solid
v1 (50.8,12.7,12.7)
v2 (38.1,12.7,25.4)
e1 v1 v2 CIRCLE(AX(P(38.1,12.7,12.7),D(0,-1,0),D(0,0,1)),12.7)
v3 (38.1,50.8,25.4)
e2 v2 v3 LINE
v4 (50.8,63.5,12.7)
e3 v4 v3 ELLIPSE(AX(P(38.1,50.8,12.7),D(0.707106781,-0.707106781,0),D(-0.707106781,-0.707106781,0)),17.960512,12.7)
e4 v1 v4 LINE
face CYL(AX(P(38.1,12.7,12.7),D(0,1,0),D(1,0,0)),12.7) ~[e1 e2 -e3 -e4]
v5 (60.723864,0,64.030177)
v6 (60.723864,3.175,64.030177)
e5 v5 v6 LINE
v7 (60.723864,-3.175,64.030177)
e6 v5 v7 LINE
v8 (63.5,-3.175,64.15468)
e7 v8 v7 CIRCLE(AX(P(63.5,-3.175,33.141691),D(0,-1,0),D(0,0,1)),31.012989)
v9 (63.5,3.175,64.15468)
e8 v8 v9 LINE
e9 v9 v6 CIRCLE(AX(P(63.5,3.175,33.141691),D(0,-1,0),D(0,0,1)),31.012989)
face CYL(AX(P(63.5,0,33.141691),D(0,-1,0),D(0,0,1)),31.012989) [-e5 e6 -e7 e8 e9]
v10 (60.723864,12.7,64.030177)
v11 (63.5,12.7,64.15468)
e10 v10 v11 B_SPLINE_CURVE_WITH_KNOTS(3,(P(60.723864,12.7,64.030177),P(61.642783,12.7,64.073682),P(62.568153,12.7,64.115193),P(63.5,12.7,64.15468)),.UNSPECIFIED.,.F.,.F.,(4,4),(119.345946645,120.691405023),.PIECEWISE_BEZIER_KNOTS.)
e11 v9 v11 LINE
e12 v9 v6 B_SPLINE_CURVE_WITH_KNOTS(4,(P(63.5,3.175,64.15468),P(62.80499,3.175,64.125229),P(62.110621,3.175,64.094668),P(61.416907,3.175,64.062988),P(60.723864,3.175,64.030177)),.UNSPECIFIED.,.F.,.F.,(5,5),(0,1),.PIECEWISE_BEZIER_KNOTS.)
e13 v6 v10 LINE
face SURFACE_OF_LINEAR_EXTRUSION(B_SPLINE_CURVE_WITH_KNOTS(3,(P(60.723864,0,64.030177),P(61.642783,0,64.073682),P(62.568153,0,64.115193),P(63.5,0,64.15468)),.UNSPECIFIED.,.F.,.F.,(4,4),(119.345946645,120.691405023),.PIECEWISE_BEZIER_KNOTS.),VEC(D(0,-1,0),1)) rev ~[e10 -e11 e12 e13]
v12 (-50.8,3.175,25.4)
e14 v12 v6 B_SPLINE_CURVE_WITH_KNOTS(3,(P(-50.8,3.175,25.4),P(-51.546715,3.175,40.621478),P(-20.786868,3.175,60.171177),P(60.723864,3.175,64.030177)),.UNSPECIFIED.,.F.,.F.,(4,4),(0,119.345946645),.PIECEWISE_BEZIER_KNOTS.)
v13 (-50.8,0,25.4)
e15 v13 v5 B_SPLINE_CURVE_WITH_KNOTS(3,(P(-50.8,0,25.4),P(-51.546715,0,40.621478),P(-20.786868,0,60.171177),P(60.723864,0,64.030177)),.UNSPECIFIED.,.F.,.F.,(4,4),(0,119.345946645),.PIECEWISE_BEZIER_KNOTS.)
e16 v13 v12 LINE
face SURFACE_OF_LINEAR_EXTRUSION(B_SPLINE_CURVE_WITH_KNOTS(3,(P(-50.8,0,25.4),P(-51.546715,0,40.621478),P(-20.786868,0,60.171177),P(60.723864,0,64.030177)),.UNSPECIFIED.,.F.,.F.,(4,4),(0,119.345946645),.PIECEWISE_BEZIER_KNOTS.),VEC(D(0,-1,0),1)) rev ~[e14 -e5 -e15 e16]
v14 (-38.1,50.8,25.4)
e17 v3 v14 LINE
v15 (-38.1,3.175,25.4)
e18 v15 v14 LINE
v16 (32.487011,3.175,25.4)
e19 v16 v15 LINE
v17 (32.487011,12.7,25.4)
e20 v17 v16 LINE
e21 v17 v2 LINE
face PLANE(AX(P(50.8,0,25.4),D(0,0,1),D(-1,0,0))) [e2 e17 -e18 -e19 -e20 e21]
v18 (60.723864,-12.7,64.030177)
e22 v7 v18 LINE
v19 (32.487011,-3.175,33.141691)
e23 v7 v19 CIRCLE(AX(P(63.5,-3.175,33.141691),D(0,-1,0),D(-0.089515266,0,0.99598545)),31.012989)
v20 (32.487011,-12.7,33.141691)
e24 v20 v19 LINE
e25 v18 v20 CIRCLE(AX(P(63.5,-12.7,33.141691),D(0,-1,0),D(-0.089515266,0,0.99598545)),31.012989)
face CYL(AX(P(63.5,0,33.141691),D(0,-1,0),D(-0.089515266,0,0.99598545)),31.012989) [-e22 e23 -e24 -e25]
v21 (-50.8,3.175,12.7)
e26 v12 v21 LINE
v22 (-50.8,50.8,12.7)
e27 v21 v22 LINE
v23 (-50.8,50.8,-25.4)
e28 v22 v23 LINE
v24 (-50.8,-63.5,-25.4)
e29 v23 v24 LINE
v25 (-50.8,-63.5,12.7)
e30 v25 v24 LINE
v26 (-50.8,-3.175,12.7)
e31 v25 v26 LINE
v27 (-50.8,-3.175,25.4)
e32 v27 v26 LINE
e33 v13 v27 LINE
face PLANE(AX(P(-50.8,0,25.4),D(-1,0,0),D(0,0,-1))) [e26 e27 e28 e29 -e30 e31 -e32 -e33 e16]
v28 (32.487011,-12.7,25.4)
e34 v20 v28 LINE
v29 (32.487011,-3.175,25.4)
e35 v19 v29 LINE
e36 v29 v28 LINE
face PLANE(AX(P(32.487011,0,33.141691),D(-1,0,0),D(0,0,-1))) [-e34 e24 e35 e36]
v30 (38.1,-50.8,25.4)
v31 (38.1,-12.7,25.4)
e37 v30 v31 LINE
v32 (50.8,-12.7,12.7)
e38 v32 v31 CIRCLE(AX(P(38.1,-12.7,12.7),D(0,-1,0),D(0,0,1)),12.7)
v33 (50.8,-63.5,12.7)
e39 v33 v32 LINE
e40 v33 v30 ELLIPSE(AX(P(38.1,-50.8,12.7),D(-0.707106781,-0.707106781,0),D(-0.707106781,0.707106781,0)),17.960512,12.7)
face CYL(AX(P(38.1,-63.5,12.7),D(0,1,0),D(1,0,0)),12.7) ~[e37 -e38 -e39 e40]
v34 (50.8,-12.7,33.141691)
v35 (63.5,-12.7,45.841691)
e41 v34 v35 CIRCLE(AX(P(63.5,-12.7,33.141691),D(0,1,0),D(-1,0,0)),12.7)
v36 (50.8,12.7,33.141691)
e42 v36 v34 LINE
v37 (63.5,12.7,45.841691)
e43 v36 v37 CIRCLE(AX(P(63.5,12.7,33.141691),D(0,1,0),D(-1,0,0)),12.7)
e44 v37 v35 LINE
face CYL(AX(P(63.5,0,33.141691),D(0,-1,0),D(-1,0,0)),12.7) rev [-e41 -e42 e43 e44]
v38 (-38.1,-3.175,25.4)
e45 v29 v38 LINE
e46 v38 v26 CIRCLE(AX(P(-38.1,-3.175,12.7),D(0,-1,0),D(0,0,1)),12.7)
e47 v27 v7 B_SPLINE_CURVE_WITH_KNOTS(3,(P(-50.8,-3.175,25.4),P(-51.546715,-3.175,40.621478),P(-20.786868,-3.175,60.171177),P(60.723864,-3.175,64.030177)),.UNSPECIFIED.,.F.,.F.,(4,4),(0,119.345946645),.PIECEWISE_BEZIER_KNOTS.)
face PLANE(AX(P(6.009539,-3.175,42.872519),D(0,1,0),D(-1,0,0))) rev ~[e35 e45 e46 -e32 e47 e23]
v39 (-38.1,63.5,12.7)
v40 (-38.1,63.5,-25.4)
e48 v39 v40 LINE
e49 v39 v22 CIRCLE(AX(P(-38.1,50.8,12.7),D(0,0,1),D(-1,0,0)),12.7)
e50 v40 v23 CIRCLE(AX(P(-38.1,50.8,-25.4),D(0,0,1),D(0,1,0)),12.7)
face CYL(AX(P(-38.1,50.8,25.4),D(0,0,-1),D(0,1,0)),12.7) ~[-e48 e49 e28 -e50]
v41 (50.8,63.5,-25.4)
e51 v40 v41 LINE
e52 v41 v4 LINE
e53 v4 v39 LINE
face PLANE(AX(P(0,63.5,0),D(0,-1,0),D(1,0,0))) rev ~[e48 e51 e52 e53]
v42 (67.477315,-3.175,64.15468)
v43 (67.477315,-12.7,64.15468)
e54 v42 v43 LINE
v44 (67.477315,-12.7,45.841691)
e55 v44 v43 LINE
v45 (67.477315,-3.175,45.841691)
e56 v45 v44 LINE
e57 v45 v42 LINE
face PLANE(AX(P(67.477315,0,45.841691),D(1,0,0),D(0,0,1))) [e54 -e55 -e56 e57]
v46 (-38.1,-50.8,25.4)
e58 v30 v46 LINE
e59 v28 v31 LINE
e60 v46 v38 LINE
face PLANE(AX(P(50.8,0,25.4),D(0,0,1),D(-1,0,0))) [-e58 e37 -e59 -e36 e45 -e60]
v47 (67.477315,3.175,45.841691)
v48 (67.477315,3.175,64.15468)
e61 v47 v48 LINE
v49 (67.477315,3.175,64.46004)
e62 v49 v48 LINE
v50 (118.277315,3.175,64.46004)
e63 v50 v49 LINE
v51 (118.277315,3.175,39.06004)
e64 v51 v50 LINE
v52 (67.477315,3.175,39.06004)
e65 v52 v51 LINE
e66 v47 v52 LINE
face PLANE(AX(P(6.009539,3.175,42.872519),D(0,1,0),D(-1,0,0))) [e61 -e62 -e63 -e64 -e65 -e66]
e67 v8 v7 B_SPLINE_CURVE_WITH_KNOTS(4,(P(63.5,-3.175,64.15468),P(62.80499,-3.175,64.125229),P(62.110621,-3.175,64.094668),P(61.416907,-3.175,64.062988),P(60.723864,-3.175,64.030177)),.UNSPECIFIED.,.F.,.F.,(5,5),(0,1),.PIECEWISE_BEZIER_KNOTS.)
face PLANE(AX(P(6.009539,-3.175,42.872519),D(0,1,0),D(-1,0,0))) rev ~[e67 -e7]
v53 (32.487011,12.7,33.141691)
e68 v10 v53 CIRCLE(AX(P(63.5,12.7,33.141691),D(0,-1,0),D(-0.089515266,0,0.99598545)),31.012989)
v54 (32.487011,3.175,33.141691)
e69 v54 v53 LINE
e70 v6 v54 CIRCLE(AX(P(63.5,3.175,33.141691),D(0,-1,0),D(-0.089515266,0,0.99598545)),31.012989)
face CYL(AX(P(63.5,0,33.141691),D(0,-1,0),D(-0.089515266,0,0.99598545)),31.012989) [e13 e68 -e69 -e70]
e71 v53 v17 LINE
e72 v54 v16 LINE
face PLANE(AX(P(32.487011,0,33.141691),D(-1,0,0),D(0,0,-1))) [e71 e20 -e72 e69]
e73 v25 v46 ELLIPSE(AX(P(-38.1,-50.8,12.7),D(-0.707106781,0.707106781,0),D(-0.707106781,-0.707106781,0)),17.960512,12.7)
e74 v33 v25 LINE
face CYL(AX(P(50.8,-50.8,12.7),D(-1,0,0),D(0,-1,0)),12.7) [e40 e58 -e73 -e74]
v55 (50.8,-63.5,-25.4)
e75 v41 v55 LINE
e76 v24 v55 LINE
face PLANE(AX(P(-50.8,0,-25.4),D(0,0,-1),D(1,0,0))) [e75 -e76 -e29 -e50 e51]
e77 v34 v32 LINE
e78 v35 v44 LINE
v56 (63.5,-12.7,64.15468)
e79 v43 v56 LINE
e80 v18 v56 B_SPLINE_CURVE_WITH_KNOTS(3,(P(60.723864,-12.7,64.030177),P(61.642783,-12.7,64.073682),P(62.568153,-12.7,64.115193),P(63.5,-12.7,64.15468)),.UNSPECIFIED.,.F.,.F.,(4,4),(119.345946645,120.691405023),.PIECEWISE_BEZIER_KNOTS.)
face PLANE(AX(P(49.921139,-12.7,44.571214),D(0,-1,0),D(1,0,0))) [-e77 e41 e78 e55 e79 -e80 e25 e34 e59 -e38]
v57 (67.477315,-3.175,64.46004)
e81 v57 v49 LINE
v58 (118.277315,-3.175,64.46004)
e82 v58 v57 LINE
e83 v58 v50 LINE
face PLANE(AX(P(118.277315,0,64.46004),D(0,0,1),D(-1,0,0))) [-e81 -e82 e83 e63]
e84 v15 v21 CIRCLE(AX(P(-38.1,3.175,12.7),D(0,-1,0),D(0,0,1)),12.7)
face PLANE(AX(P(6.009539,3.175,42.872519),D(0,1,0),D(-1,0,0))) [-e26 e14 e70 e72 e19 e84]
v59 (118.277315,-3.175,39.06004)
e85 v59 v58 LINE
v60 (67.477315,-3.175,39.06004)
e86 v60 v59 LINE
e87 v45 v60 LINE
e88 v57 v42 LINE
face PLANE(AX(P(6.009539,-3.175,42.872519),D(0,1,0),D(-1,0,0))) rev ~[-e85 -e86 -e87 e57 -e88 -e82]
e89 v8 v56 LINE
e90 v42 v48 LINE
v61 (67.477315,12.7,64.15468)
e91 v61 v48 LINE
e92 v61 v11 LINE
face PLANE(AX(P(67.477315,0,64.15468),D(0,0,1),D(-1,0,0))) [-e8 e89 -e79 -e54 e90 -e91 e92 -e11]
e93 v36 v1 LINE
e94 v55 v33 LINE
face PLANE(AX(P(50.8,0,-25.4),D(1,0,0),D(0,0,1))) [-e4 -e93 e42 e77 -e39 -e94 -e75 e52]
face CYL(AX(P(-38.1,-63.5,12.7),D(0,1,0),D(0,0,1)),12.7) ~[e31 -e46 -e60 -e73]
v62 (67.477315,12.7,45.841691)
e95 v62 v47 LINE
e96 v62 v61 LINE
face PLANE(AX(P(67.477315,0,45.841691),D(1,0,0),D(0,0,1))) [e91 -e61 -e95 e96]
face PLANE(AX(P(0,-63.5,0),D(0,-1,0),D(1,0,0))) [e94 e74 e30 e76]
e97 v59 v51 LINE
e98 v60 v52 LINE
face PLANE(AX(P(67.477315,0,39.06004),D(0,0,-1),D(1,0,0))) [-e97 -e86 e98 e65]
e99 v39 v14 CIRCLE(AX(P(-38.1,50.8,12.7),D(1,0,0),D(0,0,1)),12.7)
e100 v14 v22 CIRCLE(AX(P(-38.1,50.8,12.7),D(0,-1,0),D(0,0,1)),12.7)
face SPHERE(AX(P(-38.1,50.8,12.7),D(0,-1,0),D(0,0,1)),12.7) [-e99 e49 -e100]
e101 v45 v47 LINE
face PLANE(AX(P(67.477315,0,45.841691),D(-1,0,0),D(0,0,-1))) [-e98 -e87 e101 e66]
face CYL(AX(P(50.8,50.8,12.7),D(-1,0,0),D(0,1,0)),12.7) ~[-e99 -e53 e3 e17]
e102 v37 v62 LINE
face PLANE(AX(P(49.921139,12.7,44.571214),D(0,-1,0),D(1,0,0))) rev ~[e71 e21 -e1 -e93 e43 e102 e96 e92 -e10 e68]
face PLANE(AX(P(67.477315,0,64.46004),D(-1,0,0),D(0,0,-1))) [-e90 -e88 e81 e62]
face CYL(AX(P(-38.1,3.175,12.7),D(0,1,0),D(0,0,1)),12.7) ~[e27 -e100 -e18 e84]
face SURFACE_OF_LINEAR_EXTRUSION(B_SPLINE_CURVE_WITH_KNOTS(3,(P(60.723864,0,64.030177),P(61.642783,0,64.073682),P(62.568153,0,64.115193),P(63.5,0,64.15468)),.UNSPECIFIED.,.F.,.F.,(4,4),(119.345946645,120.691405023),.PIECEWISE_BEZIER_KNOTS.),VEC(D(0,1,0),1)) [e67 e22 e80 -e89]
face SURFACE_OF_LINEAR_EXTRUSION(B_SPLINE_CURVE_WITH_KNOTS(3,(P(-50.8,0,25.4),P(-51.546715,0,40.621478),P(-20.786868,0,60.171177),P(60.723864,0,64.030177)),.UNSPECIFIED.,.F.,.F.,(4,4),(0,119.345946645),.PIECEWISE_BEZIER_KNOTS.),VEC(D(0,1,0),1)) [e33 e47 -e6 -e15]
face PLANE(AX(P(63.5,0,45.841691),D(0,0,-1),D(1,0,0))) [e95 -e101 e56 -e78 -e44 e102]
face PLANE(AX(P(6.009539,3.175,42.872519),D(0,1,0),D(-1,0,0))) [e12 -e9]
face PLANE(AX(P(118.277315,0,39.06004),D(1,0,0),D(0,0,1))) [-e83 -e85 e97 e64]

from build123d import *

# Parameters (mm, degrees)
F1_DEPTH = 63.5
F2_DEPTH = 12.7
F3_DEPTH = 3.175
F4_R     = 12.7


with BuildPart() as f1:
    # F0 (on Front) → F1 (new body, symmetric)
    with BuildSketch(Plane.XZ):
        Polygon((32.4870109211, 25.4), (-50.8, 25.4), (-50.8, -25.4), (50.8, -25.4), (50.8, 25.4), align=None)
    extrude(amount=F1_DEPTH, both=True)

    # F0 (on Front) → F2 (join, symmetric)
    with BuildSketch(Plane.XZ):
        with BuildLine():
            Line((32.4870109211, 33.1416912377), (32.4870109211, 25.4))
            Line((32.4870109211, 25.4), (50.8, 25.4))
            Line((50.8, 25.4), (50.8, 33.1416912377))
            ThreePointArc((50.8, 33.1416912377), (54.5197438789, 42.1219473588), (63.5, 45.8416912377))
            Line((63.5, 45.8416912377), (67.4773146418, 45.8416912377))
            Line((67.4773146418, 45.8416912377), (67.4773146418, 64.1546803166))
            Line((67.4773146418, 64.1546803166), (63.5, 64.1546803166))
            add(Edge.make_bspline(
                [(60.7238640338, 64.0301771298), (61.6427833631, 64.0736819476), (62.5681528274, 64.1151925709), (63.5, 64.1546803166)],
                knots=[119.3459466449, 119.3459466449, 119.3459466449, 119.3459466449, 120.6914050231, 120.6914050231, 120.6914050231, 120.6914050231], degree=3))
            ThreePointArc((60.7238640338, 64.0301771298), (40.6100265836, 54.066666951), (32.4870109211, 33.1416912377))
        make_face()
    extrude(amount=F2_DEPTH, both=True)

    # F0 (on Front) → F3 (join, symmetric)
    with BuildSketch(Plane.XZ):
        with BuildLine():
            add(Edge.make_bspline(
                [(-50.8, 25.4), (-51.5467154079, 40.6214778369), (-20.7868679356, 60.1711772937), (60.7238640338, 64.0301771298)],
                knots=[0, 0, 0, 0, 119.3459466449, 119.3459466449, 119.3459466449, 119.3459466449], degree=3))
            Line((-50.8, 25.4), (32.4870109211, 25.4))
            Line((32.4870109211, 25.4), (32.4870109211, 33.1416912377))
            ThreePointArc((32.4870109211, 33.1416912377), (40.6100265836, 54.066666951), (60.7238640338, 64.0301771298))
        make_face()
        Polygon((32.4870109211, 25.4), (-50.8, 25.4), (-50.8, -25.4), (50.8, -25.4), (50.8, 25.4), align=None)
        with BuildLine():
            Line((32.4870109211, 33.1416912377), (32.4870109211, 25.4))
            Line((32.4870109211, 25.4), (50.8, 25.4))
            Line((50.8, 25.4), (50.8, 33.1416912377))
            ThreePointArc((50.8, 33.1416912377), (54.5197438789, 42.1219473588), (63.5, 45.8416912377))
            Line((63.5, 45.8416912377), (67.4773146418, 45.8416912377))
            Line((67.4773146418, 45.8416912377), (67.4773146418, 64.1546803166))
            Line((67.4773146418, 64.1546803166), (63.5, 64.1546803166))
            add(Edge.make_bspline(
                [(60.7238640338, 64.0301771298), (61.6427833631, 64.0736819476), (62.5681528274, 64.1151925709), (63.5, 64.1546803166)],
                knots=[119.3459466449, 119.3459466449, 119.3459466449, 119.3459466449, 120.6914050231, 120.6914050231, 120.6914050231, 120.6914050231], degree=3))
            ThreePointArc((60.7238640338, 64.0301771298), (40.6100265836, 54.066666951), (32.4870109211, 33.1416912377))
        make_face()
        with BuildLine():
            ThreePointArc((63.5, 64.1546803166), (62.1105367991, 64.1235388847), (60.7238640338, 64.0301771298))
            add(Edge.make_bspline(
                [(60.7238640338, 64.0301771298), (61.6427833631, 64.0736819476), (62.5681528274, 64.1151925709), (63.5, 64.1546803166)],
                knots=[119.3459466449, 119.3459466449, 119.3459466449, 119.3459466449, 120.6914050231, 120.6914050231, 120.6914050231, 120.6914050231], degree=3))
        make_face()
        Polygon((67.4773146418, 64.4600404125), (67.4773146418, 64.1546803166), (67.4773146418, 45.8416912377), (67.4773146418, 39.0600404125), (118.2773146418, 39.0600404125), (118.2773146418, 64.4600404125), align=None)
    extrude(amount=F3_DEPTH, both=True)

    # F4
    f4_edges = [f1.edges().sort_by_distance(p)[0] for p in [
        (-50.8, 33.3375, 25.4),
        (0, 63.5, 25.4),
        (50.8, 38.1, 25.4),
        (0, -63.5, 25.4),
        (50.8, -38.1, 25.4),
        (-50.8, -33.3375, 25.4),
        (-50.8, 63.5, 0),
    ]]
    fillet(f4_edges, radius=F4_R)


solid = f1.part
